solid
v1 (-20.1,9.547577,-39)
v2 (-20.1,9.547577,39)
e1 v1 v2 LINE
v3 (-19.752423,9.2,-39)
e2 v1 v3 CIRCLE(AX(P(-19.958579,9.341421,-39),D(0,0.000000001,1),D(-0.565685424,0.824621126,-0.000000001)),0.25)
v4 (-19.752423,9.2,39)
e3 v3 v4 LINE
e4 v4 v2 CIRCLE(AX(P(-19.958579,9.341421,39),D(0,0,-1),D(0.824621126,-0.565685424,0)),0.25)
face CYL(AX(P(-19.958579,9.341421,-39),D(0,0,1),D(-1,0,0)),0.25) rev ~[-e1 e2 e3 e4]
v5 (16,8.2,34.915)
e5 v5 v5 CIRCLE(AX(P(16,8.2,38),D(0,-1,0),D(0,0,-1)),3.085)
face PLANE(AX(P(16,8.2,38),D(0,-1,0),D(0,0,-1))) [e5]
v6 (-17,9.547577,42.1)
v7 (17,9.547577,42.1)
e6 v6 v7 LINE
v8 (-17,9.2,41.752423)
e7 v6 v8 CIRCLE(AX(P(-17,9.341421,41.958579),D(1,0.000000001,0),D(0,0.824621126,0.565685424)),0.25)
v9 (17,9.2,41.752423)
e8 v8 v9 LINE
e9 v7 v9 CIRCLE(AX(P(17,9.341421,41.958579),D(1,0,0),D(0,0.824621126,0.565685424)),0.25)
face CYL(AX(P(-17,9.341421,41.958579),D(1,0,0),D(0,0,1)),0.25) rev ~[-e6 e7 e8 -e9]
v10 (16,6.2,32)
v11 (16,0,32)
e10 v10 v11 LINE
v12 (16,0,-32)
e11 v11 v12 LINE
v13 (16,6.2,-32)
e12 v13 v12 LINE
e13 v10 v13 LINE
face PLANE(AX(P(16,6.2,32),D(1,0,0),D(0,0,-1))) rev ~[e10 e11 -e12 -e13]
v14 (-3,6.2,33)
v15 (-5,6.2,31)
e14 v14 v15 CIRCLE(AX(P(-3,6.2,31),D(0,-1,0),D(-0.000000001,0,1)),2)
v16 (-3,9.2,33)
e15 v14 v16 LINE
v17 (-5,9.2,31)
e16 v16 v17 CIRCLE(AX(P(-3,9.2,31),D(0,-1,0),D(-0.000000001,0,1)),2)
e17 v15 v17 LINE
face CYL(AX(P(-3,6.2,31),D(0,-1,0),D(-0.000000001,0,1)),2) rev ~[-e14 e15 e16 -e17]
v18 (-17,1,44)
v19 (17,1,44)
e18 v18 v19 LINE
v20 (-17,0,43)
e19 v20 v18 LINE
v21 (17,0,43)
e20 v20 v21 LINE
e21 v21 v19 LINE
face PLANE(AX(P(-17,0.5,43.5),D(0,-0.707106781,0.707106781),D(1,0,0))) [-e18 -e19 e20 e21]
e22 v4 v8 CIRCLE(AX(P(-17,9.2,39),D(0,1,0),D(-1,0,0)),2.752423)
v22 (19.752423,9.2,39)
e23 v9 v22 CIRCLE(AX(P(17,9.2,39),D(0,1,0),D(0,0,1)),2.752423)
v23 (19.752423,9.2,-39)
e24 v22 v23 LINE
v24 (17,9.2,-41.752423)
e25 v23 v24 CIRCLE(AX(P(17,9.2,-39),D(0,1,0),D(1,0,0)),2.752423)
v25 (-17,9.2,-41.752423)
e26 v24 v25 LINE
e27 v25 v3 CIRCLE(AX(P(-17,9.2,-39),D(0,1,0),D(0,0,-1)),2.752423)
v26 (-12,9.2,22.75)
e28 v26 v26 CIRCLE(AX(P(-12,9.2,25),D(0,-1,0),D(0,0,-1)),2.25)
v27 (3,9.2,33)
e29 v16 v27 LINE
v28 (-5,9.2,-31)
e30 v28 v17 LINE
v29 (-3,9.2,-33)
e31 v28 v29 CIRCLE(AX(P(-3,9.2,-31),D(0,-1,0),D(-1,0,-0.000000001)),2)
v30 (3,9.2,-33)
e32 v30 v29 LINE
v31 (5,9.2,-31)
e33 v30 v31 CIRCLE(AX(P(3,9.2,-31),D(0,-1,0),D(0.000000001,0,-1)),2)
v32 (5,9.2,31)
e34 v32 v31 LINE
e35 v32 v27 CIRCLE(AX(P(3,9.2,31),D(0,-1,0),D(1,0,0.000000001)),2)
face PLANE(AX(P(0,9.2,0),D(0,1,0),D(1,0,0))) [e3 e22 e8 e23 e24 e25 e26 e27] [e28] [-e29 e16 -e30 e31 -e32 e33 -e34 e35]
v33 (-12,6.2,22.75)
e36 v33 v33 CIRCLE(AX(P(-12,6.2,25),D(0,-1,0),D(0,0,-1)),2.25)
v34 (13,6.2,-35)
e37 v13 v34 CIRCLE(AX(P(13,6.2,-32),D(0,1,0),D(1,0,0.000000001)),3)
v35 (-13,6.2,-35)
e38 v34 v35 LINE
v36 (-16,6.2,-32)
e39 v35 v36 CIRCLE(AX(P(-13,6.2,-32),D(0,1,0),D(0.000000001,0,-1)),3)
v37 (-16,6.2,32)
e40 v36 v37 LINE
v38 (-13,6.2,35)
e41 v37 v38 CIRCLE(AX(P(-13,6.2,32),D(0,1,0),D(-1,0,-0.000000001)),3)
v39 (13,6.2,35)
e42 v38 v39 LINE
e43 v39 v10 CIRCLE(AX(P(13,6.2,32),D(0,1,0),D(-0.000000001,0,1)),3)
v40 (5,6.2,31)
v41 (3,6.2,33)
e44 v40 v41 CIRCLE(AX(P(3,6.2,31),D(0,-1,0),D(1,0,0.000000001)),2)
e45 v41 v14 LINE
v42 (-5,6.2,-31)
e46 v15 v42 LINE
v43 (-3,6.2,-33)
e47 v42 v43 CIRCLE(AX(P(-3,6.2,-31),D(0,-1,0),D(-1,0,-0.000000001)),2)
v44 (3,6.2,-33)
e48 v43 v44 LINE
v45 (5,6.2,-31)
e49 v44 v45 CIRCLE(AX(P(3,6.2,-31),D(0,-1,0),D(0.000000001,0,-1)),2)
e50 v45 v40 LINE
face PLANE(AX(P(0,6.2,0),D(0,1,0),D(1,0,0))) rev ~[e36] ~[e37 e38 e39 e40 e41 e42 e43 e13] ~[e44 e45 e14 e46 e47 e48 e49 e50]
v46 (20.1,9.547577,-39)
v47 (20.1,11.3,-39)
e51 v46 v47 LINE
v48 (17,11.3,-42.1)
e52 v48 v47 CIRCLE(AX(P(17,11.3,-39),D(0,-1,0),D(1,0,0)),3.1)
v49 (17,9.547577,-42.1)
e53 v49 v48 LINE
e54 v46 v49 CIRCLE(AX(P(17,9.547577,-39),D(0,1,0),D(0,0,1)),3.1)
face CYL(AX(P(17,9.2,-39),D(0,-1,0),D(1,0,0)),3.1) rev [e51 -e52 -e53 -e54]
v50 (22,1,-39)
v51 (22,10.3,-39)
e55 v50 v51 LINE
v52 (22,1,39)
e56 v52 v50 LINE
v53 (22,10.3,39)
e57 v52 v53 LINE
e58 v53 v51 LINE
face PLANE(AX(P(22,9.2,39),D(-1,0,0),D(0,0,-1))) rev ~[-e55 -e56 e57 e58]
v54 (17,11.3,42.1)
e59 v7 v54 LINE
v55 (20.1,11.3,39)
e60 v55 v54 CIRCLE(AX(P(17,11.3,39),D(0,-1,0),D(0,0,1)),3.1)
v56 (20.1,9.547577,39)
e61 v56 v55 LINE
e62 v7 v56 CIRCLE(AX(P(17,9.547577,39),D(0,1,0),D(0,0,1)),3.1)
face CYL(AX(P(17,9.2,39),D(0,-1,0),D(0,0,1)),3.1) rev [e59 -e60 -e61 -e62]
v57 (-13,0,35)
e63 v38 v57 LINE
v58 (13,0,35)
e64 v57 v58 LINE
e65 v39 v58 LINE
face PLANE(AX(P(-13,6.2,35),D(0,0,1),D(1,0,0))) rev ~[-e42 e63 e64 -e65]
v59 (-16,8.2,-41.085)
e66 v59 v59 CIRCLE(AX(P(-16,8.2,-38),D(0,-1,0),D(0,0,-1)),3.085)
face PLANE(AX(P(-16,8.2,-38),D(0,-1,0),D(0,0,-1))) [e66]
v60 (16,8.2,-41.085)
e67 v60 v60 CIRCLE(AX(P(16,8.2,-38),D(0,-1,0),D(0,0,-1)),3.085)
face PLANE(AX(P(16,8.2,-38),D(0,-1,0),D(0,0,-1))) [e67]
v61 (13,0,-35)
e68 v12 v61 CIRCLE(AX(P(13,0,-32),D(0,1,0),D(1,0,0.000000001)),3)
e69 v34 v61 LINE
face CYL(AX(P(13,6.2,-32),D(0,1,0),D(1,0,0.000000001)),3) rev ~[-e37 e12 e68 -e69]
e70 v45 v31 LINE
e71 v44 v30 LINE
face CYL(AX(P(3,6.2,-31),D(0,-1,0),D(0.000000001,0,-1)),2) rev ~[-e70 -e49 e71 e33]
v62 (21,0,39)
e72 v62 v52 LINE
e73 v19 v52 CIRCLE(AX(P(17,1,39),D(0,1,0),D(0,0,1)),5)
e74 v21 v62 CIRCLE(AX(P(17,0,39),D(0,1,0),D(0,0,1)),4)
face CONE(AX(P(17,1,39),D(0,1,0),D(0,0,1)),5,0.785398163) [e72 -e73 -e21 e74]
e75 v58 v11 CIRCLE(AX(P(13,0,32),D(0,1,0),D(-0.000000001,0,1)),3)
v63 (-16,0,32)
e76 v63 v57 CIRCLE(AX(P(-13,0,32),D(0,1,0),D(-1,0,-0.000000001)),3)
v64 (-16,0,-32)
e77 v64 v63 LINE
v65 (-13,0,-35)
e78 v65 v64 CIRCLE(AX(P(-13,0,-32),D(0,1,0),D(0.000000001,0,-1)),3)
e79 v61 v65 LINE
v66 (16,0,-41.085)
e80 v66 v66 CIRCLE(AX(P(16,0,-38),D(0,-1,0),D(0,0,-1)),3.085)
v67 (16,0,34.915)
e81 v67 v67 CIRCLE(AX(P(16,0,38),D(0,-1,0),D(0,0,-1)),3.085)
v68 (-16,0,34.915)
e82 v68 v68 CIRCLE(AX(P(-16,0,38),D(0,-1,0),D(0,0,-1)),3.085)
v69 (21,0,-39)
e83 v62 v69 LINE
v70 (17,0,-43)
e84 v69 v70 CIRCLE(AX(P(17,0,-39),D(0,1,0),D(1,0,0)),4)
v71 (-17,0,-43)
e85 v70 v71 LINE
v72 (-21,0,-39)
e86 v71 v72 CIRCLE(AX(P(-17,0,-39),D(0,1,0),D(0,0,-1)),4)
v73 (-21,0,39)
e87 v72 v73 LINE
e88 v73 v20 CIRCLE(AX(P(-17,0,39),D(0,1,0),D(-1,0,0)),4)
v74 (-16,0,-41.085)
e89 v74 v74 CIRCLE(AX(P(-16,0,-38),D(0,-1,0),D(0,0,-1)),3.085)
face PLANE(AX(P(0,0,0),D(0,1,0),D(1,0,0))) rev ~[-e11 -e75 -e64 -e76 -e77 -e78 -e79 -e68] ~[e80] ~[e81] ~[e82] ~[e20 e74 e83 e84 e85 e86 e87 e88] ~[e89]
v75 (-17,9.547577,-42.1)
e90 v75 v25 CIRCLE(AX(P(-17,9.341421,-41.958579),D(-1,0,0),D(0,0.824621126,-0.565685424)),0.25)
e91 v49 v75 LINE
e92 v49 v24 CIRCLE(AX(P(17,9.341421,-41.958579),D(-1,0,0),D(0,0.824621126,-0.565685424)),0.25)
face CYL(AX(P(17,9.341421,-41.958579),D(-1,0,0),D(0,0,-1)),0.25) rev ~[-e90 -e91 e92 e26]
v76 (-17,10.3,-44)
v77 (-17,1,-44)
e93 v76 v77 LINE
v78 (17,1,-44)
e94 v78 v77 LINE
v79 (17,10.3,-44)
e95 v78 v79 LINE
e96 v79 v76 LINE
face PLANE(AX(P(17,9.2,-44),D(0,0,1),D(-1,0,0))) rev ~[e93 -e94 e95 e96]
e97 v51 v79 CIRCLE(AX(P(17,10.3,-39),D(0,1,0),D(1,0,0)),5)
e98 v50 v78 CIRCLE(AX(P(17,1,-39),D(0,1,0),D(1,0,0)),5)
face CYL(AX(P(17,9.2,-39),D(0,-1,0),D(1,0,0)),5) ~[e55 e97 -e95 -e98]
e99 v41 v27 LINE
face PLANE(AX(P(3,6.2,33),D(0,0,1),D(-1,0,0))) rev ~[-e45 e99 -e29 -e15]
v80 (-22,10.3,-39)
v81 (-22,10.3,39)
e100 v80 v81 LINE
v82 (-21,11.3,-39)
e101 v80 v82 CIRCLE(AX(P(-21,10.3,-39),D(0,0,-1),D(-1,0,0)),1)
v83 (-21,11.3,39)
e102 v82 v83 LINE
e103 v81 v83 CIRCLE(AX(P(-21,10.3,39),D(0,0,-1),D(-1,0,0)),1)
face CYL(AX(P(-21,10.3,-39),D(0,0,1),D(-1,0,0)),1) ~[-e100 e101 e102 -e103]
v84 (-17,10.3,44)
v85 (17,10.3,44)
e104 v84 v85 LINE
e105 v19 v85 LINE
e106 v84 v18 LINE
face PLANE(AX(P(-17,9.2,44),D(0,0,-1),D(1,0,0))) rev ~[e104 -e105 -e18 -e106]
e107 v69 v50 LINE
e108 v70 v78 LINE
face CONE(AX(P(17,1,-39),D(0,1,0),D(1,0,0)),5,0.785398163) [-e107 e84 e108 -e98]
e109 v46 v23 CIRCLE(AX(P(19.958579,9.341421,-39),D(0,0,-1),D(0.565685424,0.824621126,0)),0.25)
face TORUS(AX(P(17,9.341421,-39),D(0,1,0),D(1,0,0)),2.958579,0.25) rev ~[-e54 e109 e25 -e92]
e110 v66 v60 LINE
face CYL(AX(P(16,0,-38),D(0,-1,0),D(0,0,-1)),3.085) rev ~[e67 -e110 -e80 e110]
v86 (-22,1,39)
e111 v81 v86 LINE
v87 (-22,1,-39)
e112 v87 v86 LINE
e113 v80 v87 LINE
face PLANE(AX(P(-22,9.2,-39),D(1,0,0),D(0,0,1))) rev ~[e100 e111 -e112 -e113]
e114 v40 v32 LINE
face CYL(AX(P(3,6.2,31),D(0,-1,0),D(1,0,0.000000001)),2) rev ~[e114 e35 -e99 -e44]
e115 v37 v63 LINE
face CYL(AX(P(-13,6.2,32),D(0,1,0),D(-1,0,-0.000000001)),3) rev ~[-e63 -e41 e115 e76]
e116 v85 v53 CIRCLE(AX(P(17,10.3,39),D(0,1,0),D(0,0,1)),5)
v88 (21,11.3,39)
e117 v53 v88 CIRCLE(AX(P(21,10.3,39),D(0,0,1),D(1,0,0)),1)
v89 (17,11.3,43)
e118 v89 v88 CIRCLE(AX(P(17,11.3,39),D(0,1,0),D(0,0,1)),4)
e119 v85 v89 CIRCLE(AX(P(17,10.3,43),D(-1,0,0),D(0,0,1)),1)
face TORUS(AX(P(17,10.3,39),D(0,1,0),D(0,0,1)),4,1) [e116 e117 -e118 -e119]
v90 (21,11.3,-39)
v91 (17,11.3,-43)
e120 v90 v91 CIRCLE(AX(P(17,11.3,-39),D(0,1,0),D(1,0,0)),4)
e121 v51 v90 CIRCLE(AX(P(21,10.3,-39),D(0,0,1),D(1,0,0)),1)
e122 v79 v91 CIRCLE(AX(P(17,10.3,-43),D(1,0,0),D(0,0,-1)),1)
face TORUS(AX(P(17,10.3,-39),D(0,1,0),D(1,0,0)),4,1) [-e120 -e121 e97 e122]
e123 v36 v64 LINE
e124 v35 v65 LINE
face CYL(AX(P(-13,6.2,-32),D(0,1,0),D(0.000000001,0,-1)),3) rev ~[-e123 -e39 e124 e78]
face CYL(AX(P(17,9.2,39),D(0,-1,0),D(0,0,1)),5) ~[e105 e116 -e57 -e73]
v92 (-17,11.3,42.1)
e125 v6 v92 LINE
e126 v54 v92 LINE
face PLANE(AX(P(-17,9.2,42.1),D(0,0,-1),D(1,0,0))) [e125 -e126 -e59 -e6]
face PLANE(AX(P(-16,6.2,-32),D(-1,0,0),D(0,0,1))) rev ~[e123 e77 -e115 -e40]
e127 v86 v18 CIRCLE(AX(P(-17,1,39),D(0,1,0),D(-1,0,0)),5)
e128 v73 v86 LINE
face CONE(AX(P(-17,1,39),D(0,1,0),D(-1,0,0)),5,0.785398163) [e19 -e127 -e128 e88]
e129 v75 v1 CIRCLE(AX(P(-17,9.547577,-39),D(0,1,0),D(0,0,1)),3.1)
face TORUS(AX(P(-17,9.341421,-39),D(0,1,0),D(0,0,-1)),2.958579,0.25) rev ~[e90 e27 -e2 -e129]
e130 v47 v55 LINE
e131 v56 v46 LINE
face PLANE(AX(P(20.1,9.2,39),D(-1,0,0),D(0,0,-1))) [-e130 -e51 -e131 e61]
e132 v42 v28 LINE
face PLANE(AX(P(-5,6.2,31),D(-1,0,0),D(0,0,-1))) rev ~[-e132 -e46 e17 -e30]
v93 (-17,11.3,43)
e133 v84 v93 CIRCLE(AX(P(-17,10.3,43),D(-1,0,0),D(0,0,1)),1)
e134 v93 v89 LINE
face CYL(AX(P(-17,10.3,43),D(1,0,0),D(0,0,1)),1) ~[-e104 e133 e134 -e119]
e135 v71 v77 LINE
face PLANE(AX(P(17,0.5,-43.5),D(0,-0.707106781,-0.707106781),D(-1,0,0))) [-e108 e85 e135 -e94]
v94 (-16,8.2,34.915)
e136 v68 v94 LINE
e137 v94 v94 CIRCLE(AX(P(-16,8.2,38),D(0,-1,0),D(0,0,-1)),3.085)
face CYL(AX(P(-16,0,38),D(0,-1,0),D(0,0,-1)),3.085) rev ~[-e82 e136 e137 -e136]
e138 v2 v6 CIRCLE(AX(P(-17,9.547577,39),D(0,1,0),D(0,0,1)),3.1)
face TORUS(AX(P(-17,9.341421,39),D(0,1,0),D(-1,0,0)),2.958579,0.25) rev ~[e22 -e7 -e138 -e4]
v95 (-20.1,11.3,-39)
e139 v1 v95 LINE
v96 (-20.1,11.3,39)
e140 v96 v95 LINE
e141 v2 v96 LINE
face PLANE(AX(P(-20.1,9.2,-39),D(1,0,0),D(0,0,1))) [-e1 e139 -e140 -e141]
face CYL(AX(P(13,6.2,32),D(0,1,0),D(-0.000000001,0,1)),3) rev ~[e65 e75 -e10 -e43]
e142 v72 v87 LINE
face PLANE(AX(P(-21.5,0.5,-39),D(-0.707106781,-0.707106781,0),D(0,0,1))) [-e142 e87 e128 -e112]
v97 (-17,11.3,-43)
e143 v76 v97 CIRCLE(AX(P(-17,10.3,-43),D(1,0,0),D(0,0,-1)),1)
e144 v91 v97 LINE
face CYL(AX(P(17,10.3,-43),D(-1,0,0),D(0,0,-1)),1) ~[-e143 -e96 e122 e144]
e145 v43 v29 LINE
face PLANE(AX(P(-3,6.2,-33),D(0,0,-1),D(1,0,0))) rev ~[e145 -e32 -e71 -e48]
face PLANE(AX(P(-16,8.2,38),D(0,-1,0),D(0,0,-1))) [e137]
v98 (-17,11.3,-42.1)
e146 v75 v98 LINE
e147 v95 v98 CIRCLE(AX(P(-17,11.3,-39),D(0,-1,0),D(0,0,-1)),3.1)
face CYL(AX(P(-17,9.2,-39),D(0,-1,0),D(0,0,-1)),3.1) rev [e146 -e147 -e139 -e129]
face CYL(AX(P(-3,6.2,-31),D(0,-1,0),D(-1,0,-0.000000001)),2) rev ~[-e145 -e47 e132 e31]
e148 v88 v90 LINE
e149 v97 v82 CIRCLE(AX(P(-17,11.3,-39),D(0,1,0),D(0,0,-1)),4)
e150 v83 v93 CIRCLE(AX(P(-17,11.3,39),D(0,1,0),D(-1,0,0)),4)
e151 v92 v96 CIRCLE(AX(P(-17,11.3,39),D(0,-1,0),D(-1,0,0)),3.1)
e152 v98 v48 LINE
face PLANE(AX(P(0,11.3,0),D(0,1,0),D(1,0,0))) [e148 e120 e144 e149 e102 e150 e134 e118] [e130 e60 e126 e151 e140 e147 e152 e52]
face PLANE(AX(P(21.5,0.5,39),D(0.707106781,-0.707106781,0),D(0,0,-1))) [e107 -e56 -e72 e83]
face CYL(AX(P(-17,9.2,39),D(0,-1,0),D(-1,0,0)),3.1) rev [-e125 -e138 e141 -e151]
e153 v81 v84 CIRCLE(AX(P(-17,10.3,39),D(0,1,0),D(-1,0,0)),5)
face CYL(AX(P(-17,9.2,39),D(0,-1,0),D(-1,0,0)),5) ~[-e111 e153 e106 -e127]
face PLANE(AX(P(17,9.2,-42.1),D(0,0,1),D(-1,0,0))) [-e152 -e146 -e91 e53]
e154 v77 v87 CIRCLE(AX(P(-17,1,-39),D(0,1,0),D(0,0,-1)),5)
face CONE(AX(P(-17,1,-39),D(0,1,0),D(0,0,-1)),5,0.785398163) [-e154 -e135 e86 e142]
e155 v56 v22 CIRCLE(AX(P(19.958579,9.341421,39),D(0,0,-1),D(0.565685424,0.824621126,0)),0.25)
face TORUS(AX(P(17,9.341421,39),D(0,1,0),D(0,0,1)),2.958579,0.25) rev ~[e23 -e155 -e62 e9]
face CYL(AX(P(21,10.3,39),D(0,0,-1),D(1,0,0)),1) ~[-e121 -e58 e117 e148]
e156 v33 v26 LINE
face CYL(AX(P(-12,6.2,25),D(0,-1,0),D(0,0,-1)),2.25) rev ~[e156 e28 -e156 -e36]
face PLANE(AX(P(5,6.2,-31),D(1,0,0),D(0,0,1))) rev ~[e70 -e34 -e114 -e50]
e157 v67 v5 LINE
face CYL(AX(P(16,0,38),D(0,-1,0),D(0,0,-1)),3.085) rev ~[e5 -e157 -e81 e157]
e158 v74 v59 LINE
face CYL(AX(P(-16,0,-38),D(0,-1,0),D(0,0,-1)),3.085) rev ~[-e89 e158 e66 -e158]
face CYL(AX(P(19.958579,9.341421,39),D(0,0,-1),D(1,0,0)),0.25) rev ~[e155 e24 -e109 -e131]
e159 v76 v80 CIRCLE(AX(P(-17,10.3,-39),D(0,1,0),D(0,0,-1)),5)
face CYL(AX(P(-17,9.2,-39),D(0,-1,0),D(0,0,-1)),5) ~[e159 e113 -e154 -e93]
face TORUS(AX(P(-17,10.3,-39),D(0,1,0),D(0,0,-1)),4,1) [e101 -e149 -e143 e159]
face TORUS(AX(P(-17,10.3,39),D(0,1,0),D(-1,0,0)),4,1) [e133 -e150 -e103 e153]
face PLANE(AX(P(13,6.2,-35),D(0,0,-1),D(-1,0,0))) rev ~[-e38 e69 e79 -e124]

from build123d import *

# Parameters (mm, degrees)
BOSS_EXTRUDE1_DEPTH = 9.2
CUT_EXTRUDE3_DEPTH  = 50.582658259
SKETCH18_R          = 2.25
CUT_EXTRUDE10_DEPTH = 10
BOSS_EXTRUDE3_DEPTH = 2.1
FILLET3_R           = 1
CUT_EXTRUDE8_DEPTH  = 51.04637849
SKETCH13_R          = 0.25
SKETCH17_R          = 3.085
CUT_EXTRUDE9_DEPTH  = 8.2
CHAMFER1_SIZE       = 1


with BuildPart() as part:
    # Sketch1 → Boss-Extrude1 (new body)
    with BuildSketch(Plane(origin=(0, 0, 0), x_dir=(1, 0, 0), z_dir=(0, 1, 0))):
        with BuildLine():
            Line((-17, -44), (17, -44))
            ThreePointArc((17, -44), (20.535533906, -42.535533906), (22, -39))
            Line((22, -39), (22, 39))
            ThreePointArc((22, 39), (20.535533906, 42.535533906), (17, 44))
            Line((17, 44), (-17, 44))
            ThreePointArc((-17, 44), (-20.535533906, 42.535533906), (-22, 39))
            Line((-22, 39), (-22, -39))
            ThreePointArc((-22, -39), (-20.535533906, -42.535533906), (-17, -44))
        make_face()
    extrude(amount=BOSS_EXTRUDE1_DEPTH)

    # Sketch4 → Cut-Extrude3 (cut, through all)
    with BuildSketch(Plane(origin=(0, 6.2, 0), x_dir=(-1, 0, 0), z_dir=(0, -1, 0))):
        with BuildLine():
            Line((-16, -32), (-16, 32))
            ThreePointArc((-16, 32), (-15.121320344, 34.121320344), (-13, 35))
            Line((-13, 35), (13, 35))
            ThreePointArc((13, 35), (15.121320344, 34.121320344), (16, 32))
            Line((16, 32), (16, -32))
            ThreePointArc((16, -32), (15.121320344, -34.121320344), (13, -35))
            Line((13, -35), (-13, -35))
            ThreePointArc((-13, -35), (-15.121320344, -34.121320344), (-16, -32))
        make_face()
    extrude(amount=CUT_EXTRUDE3_DEPTH, mode=Mode.SUBTRACT)

    # Sketch18 → Cut-Extrude10 (cut)
    with BuildSketch(Plane.XZ.offset(-6.2)):
        with Locations(Location((-12, 25, 0), (0, 0, 270))):
            Circle(SKETCH18_R)
        with BuildLine():
            Line((-3, -33), (3, -33))
            ThreePointArc((3, -33), (4.414213562, -32.414213562), (5, -31))
            Line((5, -31), (5, 31))
            ThreePointArc((5, 31), (4.414213562, 32.414213562), (3, 33))
            Line((3, 33), (-3, 33))
            ThreePointArc((-3, 33), (-4.414213562, 32.414213562), (-5, 31))
            Line((-5, 31), (-5, -31))
            ThreePointArc((-5, -31), (-4.414213562, -32.414213562), (-3, -33))
        make_face()
    extrude(amount=-CUT_EXTRUDE10_DEPTH, mode=Mode.SUBTRACT)

    # Sketch9 → Boss-Extrude3 (add)
    with BuildSketch(Plane(origin=(0, 9.2, 0), x_dir=(1, 0, 0), z_dir=(0, 1, 0))):
        with BuildLine():
            Line((-17, -44), (17, -44))
            ThreePointArc((17, -44), (20.535533906, -42.535533906), (22, -39))
            Line((22, -39), (22, 39))
            ThreePointArc((22, 39), (20.535533906, 42.535533906), (17, 44))
            Line((17, 44), (-17, 44))
            ThreePointArc((-17, 44), (-20.535533906, 42.535533906), (-22, 39))
            Line((-22, 39), (-22, -39))
            ThreePointArc((-22, -39), (-20.535533906, -42.535533906), (-17, -44))
        make_face()
        with BuildLine():
            Line((-17, -42), (17, -42))
            ThreePointArc((17, -42), (19.121320344, -41.121320344), (20, -39))
            Line((20, -39), (20, 39))
            ThreePointArc((20, 39), (19.121320344, 41.121320344), (17, 42))
            Line((17, 42), (-17, 42))
            ThreePointArc((-17, 42), (-19.121320344, 41.121320344), (-20, 39))
            Line((-20, 39), (-20, -39))
            ThreePointArc((-20, -39), (-19.121320344, -41.121320344), (-17, -42))
        make_face(mode=Mode.SUBTRACT)
    extrude(amount=BOSS_EXTRUDE3_DEPTH)

    # Fillet3
    fillet3_edges = [part.edges().sort_by_distance(p)[0] for p in [
        (22, 11.3, 0),
        (20.535533906, 11.3, -42.535533906),
        (0, 11.3, -44),
        (-20.535533906, 11.3, -42.535533906),
        (-22, 11.3, 0),
        (-20.535533906, 11.3, 42.535533906),
        (0, 11.3, 44),
        (20.535533906, 11.3, 42.535533906),
    ]]
    fillet(fillet3_edges, radius=FILLET3_R)

    # Sketch12 → Cut-Extrude8 (cut, through all)
    with BuildSketch(Plane(origin=(0, 9.2, 0), x_dir=(1, 0, 0), z_dir=(0, 1, 0))):
        with BuildLine():
            Line((-20.1, 39), (-20.1, -39))
            ThreePointArc((-20.1, -39), (-19.192031022, -41.192031022), (-17, -42.1))
            Line((-17, -42.1), (17, -42.1))
            ThreePointArc((17, -42.1), (19.192031022, -41.192031022), (20.1, -39))
            Line((20.1, -39), (20.1, 39))
            ThreePointArc((20.1, 39), (19.192031022, 41.192031022), (17, 42.1))
            Line((17, 42.1), (-17, 42.1))
            ThreePointArc((-17, 42.1), (-19.192031022, 41.192031022), (-20.1, 39))
        make_face()
        with BuildLine():
            Line((-20, 39), (-20, -39))
            ThreePointArc((-20, -39), (-19.121320344, -41.121320344), (-17, -42))
            Line((-17, -42), (17, -42))
            ThreePointArc((17, -42), (19.121320344, -41.121320344), (20, -39))
            Line((20, -39), (20, 39))
            ThreePointArc((20, 39), (19.121320344, 41.121320344), (17, 42))
            Line((17, 42), (-17, 42))
            ThreePointArc((-17, 42), (-19.121320344, 41.121320344), (-20, 39))
        make_face(mode=Mode.SUBTRACT)
    extrude(amount=CUT_EXTRUDE8_DEPTH, mode=Mode.SUBTRACT)

    # Cut-Sweep1: sweep along a path in Sketch14
    with BuildLine(Plane(origin=(0, 9.2, 0), x_dir=(1, 0, 0), z_dir=(0, 1, 0))) as cut_sweep1_path:
        Line((-20.1, 39), (-20.1, -39))
        ThreePointArc((-20.1, -39), (-19.192031022, -41.192031022), (-17, -42.1))
        Line((-17, -42.1), (17, -42.1))
        ThreePointArc((17, -42.1), (19.192031022, -41.192031022), (20.1, -39))
        Line((20.1, -39), (20.1, 39))
        ThreePointArc((20.1, 39), (19.192031022, 41.192031022), (17, 42.1))
        Line((17, 42.1), (-17, 42.1))
        ThreePointArc((-17, 42.1), (-19.192031022, 41.192031022), (-20.1, 39))
    # Sketch13 → Cut-Sweep1 (sweep, cut)
    with BuildSketch(Plane(origin=(0, 0, 0), x_dir=(0, 0, -1), z_dir=(1, 0, 0))):
        with Locations((41.958578644, 9.341421356)):
            Circle(SKETCH13_R)
    sweep(path=cut_sweep1_path.line, mode=Mode.SUBTRACT)

    # Sketch17 → Cut-Extrude9 (cut)
    with BuildSketch(Plane.XZ):
        with Locations(Location((-16, 38, 0), (0, 0, 270))):
            Circle(SKETCH17_R)
        with Locations(Location((16, 38, 0), (0, 0, 270))):
            Circle(SKETCH17_R)
        with Locations(Location((16, -38, 0), (0, 0, 270))):
            Circle(SKETCH17_R)
        with Locations(Location((-16, -38, 0), (0, 0, 270))):
            Circle(SKETCH17_R)
    extrude(amount=-CUT_EXTRUDE9_DEPTH, mode=Mode.SUBTRACT)

    # Chamfer1
    chamfer1_edges = [part.edges().sort_by_distance(p)[0] for p in [
        (22, 0, 0),
        (20.535533906, 0, 42.535533906),
        (0, 0, 44),
        (-20.535533906, 0, 42.535533906),
        (-22, 0, 0),
        (-20.535533906, 0, -42.535533906),
        (0, 0, -44),
        (20.535533906, 0, -42.535533906),
    ]]
    chamfer(chamfer1_edges, length=CHAMFER1_SIZE)


solid = part.part
